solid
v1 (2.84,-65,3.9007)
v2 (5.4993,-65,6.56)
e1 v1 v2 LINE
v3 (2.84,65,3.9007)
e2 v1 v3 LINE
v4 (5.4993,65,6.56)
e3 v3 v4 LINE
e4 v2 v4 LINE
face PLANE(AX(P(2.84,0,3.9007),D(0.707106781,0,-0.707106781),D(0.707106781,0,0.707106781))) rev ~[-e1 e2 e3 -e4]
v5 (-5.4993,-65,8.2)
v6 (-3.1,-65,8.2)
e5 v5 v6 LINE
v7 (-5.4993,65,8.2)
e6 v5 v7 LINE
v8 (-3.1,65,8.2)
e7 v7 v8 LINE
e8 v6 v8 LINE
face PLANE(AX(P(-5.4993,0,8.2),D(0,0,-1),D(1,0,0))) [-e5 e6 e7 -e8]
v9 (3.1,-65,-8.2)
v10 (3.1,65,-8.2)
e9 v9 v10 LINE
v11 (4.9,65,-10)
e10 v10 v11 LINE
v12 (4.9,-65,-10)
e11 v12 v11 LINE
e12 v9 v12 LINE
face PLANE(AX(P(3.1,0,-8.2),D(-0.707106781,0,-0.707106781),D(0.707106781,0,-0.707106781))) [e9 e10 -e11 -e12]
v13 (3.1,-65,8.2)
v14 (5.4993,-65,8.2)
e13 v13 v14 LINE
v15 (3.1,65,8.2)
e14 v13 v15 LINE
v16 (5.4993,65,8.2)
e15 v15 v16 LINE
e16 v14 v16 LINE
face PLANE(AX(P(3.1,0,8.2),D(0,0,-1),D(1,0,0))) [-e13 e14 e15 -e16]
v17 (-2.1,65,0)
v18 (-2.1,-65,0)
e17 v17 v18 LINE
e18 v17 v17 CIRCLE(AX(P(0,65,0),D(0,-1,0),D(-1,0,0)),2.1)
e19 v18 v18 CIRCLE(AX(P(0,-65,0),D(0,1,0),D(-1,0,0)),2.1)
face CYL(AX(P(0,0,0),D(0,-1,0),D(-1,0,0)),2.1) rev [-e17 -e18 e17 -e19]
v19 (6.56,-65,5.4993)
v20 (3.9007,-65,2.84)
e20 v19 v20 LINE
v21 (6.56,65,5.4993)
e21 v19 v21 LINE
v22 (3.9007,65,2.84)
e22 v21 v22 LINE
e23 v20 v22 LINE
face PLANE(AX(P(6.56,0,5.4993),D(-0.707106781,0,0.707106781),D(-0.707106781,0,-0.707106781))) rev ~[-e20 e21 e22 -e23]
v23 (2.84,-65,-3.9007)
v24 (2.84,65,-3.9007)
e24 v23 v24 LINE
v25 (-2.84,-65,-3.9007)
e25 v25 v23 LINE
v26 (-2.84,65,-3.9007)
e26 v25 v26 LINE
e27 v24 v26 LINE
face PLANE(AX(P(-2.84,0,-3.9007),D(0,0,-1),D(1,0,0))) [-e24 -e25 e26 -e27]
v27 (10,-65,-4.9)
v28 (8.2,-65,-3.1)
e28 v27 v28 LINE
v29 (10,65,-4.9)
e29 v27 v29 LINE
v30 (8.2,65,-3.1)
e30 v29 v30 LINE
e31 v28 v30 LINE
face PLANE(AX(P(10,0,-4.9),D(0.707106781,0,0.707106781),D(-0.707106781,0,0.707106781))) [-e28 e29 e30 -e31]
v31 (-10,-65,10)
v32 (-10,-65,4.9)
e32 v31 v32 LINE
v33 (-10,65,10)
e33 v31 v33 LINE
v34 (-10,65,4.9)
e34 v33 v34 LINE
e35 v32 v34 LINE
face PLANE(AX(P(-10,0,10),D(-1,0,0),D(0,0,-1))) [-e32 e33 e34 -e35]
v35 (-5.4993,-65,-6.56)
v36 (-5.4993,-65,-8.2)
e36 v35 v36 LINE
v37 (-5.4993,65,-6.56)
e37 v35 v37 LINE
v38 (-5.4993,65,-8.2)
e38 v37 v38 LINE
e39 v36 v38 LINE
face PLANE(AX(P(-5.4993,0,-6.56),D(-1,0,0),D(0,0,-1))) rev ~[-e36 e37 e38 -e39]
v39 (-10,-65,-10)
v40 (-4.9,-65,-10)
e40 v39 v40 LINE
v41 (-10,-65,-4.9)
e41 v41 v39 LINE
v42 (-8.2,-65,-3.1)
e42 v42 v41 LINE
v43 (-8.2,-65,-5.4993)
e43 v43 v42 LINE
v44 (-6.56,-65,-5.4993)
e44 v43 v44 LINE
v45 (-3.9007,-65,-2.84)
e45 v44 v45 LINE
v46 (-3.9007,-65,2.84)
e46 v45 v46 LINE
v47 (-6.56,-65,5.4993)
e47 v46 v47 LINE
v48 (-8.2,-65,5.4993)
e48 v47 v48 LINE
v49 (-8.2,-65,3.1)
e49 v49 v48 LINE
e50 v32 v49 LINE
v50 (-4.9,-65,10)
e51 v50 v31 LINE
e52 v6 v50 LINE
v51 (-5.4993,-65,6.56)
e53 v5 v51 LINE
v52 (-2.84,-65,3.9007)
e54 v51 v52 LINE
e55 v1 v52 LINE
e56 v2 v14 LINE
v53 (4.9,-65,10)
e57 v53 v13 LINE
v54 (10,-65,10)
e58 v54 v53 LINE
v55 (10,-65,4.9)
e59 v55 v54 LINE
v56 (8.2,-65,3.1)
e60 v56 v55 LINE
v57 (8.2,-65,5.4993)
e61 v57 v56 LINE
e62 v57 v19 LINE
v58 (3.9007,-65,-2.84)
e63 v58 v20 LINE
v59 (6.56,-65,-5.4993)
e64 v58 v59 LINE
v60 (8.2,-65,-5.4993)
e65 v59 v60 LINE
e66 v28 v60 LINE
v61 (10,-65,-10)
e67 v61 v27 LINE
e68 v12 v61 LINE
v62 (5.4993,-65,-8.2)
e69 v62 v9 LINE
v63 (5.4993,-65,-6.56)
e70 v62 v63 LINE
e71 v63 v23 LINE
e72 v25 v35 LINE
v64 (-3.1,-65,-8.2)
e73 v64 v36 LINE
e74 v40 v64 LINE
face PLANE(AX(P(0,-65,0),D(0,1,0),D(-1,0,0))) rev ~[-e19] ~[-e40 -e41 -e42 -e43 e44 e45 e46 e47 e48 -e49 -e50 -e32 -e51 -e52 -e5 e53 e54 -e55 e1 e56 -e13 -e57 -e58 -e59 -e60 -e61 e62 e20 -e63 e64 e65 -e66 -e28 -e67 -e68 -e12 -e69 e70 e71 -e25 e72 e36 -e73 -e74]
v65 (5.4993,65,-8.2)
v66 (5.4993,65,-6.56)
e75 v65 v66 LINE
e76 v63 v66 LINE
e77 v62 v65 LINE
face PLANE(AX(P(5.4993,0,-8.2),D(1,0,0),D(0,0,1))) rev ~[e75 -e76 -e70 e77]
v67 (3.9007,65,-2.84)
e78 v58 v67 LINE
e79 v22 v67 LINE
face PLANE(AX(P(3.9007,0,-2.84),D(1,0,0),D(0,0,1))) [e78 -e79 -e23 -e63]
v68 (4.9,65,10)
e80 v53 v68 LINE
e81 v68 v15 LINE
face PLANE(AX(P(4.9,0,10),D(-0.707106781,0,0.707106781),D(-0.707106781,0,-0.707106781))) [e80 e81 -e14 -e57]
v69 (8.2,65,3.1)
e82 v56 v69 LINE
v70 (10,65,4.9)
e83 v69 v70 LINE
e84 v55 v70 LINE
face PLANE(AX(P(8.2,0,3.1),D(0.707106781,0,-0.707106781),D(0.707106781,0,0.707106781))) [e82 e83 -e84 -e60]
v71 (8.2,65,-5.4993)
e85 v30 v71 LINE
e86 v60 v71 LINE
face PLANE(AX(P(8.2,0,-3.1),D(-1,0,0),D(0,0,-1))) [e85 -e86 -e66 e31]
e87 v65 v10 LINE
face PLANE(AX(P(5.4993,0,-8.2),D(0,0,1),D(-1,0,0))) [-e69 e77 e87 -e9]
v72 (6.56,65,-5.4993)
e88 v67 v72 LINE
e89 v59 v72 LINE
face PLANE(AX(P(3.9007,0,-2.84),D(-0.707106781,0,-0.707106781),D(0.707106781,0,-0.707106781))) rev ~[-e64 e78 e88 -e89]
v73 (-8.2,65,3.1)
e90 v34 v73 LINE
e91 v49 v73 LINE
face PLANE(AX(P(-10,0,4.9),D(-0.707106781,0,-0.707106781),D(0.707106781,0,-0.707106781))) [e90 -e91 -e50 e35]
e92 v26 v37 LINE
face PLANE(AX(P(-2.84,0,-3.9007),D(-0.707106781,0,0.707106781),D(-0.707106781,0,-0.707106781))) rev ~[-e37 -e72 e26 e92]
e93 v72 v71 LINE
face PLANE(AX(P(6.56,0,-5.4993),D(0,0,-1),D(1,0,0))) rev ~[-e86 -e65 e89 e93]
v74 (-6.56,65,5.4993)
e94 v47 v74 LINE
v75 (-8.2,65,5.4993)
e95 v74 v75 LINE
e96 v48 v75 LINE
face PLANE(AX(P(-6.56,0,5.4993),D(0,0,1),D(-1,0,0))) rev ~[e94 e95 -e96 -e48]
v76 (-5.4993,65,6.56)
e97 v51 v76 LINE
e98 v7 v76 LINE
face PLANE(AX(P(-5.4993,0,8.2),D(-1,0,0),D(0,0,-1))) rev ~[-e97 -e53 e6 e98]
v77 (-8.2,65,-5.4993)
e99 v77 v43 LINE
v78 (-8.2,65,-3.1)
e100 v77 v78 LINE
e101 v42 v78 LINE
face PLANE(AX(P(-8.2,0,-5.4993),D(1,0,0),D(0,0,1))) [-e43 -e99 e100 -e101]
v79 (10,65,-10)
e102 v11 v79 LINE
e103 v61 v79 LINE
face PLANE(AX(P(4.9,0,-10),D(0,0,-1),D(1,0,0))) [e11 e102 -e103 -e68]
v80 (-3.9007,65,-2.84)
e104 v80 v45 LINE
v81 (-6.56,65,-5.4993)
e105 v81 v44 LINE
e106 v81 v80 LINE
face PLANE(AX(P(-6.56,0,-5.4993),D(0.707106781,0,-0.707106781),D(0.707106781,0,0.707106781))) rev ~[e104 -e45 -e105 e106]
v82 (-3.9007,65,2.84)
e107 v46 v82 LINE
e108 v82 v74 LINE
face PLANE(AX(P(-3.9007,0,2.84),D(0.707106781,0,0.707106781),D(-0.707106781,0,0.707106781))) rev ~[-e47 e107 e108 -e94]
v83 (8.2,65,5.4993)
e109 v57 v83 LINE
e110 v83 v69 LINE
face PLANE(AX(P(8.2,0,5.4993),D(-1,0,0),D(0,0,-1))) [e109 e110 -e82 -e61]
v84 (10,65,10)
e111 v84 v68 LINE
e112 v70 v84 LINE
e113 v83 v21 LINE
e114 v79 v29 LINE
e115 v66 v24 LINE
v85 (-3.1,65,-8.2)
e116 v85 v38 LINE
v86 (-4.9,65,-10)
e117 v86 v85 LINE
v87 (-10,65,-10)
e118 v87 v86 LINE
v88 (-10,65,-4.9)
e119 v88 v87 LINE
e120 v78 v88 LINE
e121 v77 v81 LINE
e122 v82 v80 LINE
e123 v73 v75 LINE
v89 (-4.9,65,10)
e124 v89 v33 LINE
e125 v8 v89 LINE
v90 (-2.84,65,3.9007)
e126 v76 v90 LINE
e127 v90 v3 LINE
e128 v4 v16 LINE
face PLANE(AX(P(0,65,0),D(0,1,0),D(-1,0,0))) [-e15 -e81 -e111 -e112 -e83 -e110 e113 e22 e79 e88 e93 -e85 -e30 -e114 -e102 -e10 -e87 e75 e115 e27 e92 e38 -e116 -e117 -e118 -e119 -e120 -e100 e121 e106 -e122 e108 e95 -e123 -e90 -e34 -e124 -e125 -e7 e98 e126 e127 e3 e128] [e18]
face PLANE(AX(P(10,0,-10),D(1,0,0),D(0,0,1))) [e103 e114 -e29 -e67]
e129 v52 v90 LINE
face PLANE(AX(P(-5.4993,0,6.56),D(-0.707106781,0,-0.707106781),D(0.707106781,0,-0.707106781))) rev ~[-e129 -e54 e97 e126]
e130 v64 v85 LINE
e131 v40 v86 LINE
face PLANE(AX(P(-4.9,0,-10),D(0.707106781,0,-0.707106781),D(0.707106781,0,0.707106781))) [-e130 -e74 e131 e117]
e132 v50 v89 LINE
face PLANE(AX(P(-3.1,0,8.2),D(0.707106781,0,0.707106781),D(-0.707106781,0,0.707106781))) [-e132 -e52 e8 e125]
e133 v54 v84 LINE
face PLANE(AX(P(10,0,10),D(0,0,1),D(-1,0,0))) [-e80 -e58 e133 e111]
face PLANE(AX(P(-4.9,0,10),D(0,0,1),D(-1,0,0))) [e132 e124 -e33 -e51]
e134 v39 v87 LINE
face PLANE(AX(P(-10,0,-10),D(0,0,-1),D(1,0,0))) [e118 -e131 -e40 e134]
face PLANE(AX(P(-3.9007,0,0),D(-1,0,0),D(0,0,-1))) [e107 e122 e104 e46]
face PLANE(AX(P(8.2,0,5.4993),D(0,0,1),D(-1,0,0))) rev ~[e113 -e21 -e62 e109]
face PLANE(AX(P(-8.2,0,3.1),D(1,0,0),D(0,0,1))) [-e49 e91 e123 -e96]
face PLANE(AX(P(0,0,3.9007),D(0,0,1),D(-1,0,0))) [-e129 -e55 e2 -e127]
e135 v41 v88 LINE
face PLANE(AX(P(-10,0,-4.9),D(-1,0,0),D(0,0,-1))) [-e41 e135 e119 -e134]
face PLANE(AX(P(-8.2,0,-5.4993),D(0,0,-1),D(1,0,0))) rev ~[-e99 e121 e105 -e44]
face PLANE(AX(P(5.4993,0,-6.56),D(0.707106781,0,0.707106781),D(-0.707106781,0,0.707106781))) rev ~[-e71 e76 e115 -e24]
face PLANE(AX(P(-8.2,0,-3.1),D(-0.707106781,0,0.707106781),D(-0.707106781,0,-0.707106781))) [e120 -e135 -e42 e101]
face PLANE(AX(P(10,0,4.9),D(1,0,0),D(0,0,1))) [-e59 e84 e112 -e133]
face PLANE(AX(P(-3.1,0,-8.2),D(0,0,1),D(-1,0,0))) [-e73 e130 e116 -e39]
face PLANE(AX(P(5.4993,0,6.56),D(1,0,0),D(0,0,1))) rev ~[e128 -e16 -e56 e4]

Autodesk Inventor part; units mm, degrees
ref_plane "YZ Plane" through (0, 0, 0) normal (1, 0, 0) x (0, 1, 0)
ref_plane "XZ Plane" through (0, 0, 0) normal (0, 1, 0) x (-1, 0, 0)
ref_plane "XY Plane" through (0, 0, 0) normal (0, 0, 1) x (1, 0, 0)
sketch "Sketch1" plane through (0, 0, 0) normal (0, 1, 0) x (-1, 0, 0)
  circle A0 centre (0, 0) radius 2.1
  line L0 (0, -3.9007) -> (-2.84, -3.9007)
  line L1 (-5.4993, -8.2) -> (-3.1, -8.2)
  line L2 (-3.1, -8.2) -> (-4.9, -10)
  line L3 (-4.9, -10) -> (-10, -10)
  line L4 (-10, -10) -> (-10, -4.9)
  line L5 (-10, -4.9) -> (-8.2, -3.1)
  line L6 (-8.2, -3.1) -> (-8.2, -5.4993)
  line L7 (-3.9007, -2.84) -> (-3.9007, 0)
  line L8 (-3.9007, 0) -> (-2.1, 0)
  line L9 (0, -3.9007) -> (0, -2.1) construction
  line L10 (-5.4993, -8.2) -> (-5.4993, -6.56)
  line L11 (-5.4993, -6.56) -> (-2.84, -3.9007)
  line L12 (-3.9007, -2.84) -> (-6.56, -5.4993)
  line L13 (-6.56, -5.4993) -> (-8.2, -5.4993)
  line L14 (6.56, -5.4993) -> (3.9007, -2.84)
  line L15 (3.1, -8.2) -> (5.4993, -8.2)
  line L16 (5.4993, -6.56) -> (5.4993, -8.2)
  line L17 (8.2, -5.4993) -> (8.2, -3.1)
  line L18 (8.2, -5.4993) -> (6.56, -5.4993)
  line L19 (8.2, -3.1) -> (10, -4.9)
  line L20 (4.9, -10) -> (3.1, -8.2)
  line L21 (10, -4.9) -> (10, -10)
  line L22 (10, -10) -> (4.9, -10)
  line L23 (2.84, -3.9007) -> (0, -3.9007)
  line L24 (0, -3.9007) -> (0, -2.1) construction
  line L25 (3.9007, 0) -> (2.1, 0)
  line L26 (3.9007, 0) -> (3.9007, -2.84)
  line L27 (2.84, -3.9007) -> (5.4993, -6.56)
  line L28 (5.4993, 6.56) -> (2.84, 3.9007)
  line L29 (8.2, 3.1) -> (8.2, 5.4993)
  line L30 (6.56, 5.4993) -> (8.2, 5.4993)
  line L31 (5.4993, 8.2) -> (3.1, 8.2)
  line L32 (5.4993, 8.2) -> (5.4993, 6.56)
  line L33 (3.1, 8.2) -> (4.9, 10)
  line L34 (10, 4.9) -> (8.2, 3.1)
  line L35 (4.9, 10) -> (10, 10)
  line L36 (10, 10) -> (10, 4.9)
  line L37 (3.9007, 2.84) -> (3.9007, 0)
  line L38 (3.9007, 0) -> (2.1, 0) construction
  line L39 (0, 3.9007) -> (0, 2.1)
  line L40 (0, 3.9007) -> (2.84, 3.9007)
  line L41 (3.9007, 2.84) -> (6.56, 5.4993)
  line L42 (-6.56, 5.4993) -> (-3.9007, 2.84)
  line L43 (-3.1, 8.2) -> (-5.4993, 8.2)
  line L44 (-5.4993, 6.56) -> (-5.4993, 8.2)
  line L45 (-8.2, 5.4993) -> (-8.2, 3.1)
  line L46 (-8.2, 5.4993) -> (-6.56, 5.4993)
  line L47 (-8.2, 3.1) -> (-10, 4.9)
  line L48 (-4.9, 10) -> (-3.1, 8.2)
  line L49 (-10, 4.9) -> (-10, 10)
  line L50 (-10, 10) -> (-4.9, 10)
  line L51 (-2.84, 3.9007) -> (0, 3.9007)
  line L52 (0, 3.9007) -> (0, 2.1) construction
  line L53 (-3.9007, 0) -> (-2.1, 0) construction
  line L54 (-3.9007, 0) -> (-3.9007, 2.84)
  line L55 (-2.84, 3.9007) -> (-5.4993, 6.56)
  point P0 (0, -3.0003)
  point P1 (-3.0003, 0)
  point P2 (0, -3.0003)
  point P3 (3.0003, 0)
  point P4 (3.0003, 0)
  point P5 (0, 3.0003)
  point P6 (0, 3.0003)
  point P7 (-3.0003, 0)
  dimension "d0" = 4.2
  dimension "d2" = 45
  dimension "d3" = 3.1
  dimension "d4" = 2.84
  dimension "d7" = 10
  dimension "d8" = 10
  dimension "d9" = 1.5
  dimension "d10" = 1.8
  dimension "d11" = 1.64
  dimension "d14" = 360
extrude "Extrusion1" add sketch "Sketch1" along normal mid plane 130 contours L25 L26 L14 L18 L17 L19 L21 L22 L20 L15 L16 L27 L23 L0 L11 L10 L1 L2 L3 L4 L5 L6 L13 L12 L7 L8 A0 | A0 L39 L40 L28 L32 L31 L33 L35 L36 L34 L29 L30 L41 L37 L25 | A0 L8 L54 L42 L46 L45 L47 L49 L50 L48 L43 L44 L55 L51 L39
properties part number "vslot_130mm" material "Aluminum 6061"
